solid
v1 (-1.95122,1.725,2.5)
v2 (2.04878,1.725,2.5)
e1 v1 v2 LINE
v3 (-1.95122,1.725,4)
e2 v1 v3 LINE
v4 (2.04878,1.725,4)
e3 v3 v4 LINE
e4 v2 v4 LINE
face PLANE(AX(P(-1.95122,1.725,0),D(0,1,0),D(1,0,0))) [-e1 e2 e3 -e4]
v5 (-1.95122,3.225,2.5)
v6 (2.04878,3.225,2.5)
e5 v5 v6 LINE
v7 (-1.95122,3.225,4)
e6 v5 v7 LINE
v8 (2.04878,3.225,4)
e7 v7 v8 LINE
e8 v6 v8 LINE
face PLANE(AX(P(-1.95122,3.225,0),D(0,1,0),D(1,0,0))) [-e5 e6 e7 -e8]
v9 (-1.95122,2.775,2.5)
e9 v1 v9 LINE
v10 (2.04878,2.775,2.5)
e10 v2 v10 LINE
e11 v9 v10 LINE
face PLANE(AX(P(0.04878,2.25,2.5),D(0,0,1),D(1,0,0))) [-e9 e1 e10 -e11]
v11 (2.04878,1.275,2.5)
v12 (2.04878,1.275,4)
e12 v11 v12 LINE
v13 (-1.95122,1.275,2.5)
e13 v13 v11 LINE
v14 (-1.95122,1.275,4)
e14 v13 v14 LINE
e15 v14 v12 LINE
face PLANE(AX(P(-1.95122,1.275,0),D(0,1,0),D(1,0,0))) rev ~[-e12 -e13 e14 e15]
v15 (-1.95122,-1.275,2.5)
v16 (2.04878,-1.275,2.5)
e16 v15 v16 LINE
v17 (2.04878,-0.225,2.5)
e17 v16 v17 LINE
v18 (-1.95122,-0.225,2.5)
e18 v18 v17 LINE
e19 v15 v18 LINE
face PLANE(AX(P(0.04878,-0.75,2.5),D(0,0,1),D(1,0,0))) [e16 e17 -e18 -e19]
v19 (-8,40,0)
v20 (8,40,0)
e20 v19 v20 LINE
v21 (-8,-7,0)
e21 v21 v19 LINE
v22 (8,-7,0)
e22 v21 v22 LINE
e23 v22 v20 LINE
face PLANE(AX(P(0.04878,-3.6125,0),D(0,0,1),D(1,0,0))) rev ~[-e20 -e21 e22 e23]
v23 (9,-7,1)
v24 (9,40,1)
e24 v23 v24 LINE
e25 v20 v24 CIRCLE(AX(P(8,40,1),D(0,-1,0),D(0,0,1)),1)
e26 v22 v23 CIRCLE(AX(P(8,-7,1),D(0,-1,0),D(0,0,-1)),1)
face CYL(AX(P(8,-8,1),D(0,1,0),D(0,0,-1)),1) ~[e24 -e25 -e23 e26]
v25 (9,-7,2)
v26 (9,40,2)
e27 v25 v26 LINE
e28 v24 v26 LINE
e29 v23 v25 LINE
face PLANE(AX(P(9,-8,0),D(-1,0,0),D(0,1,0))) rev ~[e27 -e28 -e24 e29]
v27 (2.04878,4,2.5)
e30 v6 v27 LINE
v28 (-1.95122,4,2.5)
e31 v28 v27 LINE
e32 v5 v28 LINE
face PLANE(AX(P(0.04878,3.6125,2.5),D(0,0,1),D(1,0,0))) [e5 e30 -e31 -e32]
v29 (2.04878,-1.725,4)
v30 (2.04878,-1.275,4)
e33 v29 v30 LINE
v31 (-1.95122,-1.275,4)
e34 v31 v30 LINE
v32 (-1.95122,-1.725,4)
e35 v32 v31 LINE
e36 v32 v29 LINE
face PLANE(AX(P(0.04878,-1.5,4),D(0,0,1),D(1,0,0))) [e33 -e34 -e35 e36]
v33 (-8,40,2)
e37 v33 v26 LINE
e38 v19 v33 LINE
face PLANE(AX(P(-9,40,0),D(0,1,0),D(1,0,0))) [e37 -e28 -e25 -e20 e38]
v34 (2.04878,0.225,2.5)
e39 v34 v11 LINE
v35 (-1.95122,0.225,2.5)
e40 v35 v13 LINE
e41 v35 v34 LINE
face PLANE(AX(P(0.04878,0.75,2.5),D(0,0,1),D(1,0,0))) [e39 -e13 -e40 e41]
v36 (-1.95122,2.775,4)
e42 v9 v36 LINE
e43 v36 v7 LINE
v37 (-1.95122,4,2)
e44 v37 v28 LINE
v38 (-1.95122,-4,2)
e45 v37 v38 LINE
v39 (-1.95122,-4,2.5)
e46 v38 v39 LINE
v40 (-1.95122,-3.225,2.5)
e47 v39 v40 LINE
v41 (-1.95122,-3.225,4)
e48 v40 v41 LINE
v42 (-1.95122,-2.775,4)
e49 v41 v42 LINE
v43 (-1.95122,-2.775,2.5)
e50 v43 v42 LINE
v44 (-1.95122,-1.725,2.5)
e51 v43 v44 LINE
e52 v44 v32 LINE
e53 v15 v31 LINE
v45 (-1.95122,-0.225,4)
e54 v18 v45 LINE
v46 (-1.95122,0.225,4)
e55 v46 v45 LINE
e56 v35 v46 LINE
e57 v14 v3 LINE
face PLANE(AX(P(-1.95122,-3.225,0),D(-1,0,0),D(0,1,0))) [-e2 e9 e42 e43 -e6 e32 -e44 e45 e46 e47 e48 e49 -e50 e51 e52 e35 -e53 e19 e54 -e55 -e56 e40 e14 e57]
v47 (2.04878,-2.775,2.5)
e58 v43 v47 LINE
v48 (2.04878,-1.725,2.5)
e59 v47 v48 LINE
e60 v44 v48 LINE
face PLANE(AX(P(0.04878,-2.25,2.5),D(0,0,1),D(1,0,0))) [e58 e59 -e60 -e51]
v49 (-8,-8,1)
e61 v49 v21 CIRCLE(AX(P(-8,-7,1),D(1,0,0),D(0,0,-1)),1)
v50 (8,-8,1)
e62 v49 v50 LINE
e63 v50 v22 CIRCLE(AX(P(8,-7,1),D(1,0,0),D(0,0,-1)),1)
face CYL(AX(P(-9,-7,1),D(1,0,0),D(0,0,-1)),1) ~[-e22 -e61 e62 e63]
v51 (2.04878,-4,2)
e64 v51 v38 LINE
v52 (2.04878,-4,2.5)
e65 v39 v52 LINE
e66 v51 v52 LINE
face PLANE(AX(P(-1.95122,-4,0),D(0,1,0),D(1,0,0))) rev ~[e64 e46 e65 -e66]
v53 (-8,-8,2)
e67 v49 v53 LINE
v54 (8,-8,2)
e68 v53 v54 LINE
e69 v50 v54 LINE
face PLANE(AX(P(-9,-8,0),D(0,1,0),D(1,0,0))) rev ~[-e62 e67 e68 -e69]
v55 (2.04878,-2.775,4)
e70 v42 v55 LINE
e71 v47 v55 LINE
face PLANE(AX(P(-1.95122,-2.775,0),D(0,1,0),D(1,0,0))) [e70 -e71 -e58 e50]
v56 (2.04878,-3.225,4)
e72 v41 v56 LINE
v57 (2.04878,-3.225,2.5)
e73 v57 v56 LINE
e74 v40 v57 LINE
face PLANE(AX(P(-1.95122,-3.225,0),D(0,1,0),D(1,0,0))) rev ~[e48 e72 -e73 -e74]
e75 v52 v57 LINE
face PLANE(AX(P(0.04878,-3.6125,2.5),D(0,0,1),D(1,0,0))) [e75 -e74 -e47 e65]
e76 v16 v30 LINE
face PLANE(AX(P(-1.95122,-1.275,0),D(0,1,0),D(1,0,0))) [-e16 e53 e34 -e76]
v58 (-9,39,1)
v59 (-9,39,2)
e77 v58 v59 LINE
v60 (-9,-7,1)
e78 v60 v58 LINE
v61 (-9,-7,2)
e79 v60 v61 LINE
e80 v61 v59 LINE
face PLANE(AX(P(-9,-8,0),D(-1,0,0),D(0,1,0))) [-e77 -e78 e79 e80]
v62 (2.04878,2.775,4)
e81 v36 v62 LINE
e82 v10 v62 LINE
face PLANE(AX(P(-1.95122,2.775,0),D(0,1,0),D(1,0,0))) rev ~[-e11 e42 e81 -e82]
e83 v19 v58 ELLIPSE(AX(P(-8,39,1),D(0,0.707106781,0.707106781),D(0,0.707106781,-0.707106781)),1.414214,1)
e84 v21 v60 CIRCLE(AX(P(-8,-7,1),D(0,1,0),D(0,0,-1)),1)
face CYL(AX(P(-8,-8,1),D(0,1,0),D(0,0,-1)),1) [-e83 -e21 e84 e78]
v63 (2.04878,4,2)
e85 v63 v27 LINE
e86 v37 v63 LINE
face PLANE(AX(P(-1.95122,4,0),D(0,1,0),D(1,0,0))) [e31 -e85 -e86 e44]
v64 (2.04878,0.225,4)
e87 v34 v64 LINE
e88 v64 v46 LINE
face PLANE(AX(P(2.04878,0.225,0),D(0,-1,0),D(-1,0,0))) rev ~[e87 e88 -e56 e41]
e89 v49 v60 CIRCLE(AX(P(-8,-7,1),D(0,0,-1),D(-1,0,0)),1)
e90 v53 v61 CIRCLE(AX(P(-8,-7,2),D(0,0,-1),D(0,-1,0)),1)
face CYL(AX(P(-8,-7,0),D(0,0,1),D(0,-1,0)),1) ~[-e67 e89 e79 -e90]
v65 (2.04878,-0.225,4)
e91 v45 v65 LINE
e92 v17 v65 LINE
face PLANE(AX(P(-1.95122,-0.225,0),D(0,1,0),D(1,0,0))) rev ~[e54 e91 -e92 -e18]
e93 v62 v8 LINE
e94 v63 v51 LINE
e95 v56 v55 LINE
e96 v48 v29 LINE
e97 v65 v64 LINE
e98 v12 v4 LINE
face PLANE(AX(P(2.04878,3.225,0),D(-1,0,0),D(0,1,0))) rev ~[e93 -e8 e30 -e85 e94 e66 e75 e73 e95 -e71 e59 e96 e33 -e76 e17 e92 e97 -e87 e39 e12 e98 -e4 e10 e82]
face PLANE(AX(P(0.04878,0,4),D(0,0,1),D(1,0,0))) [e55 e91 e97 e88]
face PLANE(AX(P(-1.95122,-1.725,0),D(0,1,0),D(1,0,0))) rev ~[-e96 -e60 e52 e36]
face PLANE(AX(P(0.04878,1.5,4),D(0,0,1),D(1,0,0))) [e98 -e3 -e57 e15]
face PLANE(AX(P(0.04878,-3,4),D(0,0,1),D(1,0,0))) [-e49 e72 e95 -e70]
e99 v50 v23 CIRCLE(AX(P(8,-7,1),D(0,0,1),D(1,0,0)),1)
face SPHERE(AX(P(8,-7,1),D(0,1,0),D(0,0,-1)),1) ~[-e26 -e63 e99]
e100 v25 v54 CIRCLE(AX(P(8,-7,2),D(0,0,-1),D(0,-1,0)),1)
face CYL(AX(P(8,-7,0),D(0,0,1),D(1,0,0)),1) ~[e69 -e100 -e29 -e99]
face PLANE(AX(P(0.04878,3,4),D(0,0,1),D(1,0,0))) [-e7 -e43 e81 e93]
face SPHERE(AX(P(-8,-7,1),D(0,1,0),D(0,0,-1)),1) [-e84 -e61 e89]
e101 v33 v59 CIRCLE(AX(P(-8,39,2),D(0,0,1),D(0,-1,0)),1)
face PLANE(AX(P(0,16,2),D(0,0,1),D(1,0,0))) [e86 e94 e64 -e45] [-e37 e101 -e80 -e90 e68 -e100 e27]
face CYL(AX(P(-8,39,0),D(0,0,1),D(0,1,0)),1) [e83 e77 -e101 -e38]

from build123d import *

# Parameters (mm, degrees)
F0_W     = 18
F0_H     = 48
F1_DEPTH = 2
F0_W_2   = 4
F0_H_2   = 0.775
F0_H_3   = 1.05
F2_DEPTH = 2.5
F0_H_4   = 0.45
F3_DEPTH = 4
F4_R     = 1


with BuildPart() as f1:
    # F0 (on Top) → F1 (new body)
    with BuildSketch(Plane.XY):
        with Locations((0, 16)):
            Rectangle(F0_W, F0_H)
        Polygon((2.04878, -3.225), (2.04878, -4), (-1.95122, -4), (-1.95122, -3.225), (-1.95122, -2.775), (-1.95122, -1.725), (-1.95122, -1.275), (-1.95122, -0.225), (-1.95122, 0), (-1.95122, 0.107463), (-1.95122, 0.225), (-1.95122, 1.275), (-1.95122, 1.725), (-1.95122, 2.775), (-1.95122, 3.225), (-1.95122, 4), (2.04878, 4), (2.04878, 3.225), (2.04878, 2.775), (2.04878, 1.725), (2.04878, 1.275), (2.04878, 0.225), (2.04878, -0.225), (2.04878, -1.275), (2.04878, -1.725), (2.04878, -2.775), align=None, mode=Mode.SUBTRACT)
    extrude(amount=F1_DEPTH)

    # F0 (on Top) → F2 (join)
    with BuildSketch(Plane.XY):
        with Locations((0.04878, -3.6125)):
            Rectangle(F0_W_2, F0_H_2)
        with Locations((0.04878, -2.25)):
            Rectangle(F0_W_2, F0_H_3)
        with Locations((0.04878, -0.75)):
            Rectangle(F0_W_2, F0_H_3)
        with Locations((0.04878, 0.75)):
            Rectangle(F0_W_2, F0_H_3)
        with Locations((0.04878, 2.25)):
            Rectangle(F0_W_2, F0_H_3)
        with Locations((0.04878, 3.6125)):
            Rectangle(F0_W_2, F0_H_2)
    extrude(amount=F2_DEPTH)

    # F0 (on Top) → F3 (join)
    with BuildSketch(Plane.XY):
        with Locations((0.04878, -3)):
            Rectangle(F0_W_2, F0_H_4)
        with Locations((0.04878, -1.5)):
            Rectangle(F0_W_2, F0_H_4)
        Polygon((-1.95122, -0.225), (2.04878, -0.225), (2.04878, 0.225), (-1.95122, 0.225), (-1.95122, 0.107463), (-1.95122, 0), align=None)
        with Locations((0.04878, 1.5)):
            Rectangle(F0_W_2, F0_H_4)
        with Locations((0.04878, 3)):
            Rectangle(F0_W_2, F0_H_4)
    extrude(amount=F3_DEPTH)

    # F4
    f4_edges = [f1.edges().sort_by_distance(p)[0] for p in [
        (9, 16, 0),
        (-9, 16, 0),
        (0, -8, 0),
        (-9, 40, 1),
        (9, -8, 1),
        (-9, -8, 1),
    ]]
    fillet(f4_edges, radius=F4_R)


solid = f1.part
